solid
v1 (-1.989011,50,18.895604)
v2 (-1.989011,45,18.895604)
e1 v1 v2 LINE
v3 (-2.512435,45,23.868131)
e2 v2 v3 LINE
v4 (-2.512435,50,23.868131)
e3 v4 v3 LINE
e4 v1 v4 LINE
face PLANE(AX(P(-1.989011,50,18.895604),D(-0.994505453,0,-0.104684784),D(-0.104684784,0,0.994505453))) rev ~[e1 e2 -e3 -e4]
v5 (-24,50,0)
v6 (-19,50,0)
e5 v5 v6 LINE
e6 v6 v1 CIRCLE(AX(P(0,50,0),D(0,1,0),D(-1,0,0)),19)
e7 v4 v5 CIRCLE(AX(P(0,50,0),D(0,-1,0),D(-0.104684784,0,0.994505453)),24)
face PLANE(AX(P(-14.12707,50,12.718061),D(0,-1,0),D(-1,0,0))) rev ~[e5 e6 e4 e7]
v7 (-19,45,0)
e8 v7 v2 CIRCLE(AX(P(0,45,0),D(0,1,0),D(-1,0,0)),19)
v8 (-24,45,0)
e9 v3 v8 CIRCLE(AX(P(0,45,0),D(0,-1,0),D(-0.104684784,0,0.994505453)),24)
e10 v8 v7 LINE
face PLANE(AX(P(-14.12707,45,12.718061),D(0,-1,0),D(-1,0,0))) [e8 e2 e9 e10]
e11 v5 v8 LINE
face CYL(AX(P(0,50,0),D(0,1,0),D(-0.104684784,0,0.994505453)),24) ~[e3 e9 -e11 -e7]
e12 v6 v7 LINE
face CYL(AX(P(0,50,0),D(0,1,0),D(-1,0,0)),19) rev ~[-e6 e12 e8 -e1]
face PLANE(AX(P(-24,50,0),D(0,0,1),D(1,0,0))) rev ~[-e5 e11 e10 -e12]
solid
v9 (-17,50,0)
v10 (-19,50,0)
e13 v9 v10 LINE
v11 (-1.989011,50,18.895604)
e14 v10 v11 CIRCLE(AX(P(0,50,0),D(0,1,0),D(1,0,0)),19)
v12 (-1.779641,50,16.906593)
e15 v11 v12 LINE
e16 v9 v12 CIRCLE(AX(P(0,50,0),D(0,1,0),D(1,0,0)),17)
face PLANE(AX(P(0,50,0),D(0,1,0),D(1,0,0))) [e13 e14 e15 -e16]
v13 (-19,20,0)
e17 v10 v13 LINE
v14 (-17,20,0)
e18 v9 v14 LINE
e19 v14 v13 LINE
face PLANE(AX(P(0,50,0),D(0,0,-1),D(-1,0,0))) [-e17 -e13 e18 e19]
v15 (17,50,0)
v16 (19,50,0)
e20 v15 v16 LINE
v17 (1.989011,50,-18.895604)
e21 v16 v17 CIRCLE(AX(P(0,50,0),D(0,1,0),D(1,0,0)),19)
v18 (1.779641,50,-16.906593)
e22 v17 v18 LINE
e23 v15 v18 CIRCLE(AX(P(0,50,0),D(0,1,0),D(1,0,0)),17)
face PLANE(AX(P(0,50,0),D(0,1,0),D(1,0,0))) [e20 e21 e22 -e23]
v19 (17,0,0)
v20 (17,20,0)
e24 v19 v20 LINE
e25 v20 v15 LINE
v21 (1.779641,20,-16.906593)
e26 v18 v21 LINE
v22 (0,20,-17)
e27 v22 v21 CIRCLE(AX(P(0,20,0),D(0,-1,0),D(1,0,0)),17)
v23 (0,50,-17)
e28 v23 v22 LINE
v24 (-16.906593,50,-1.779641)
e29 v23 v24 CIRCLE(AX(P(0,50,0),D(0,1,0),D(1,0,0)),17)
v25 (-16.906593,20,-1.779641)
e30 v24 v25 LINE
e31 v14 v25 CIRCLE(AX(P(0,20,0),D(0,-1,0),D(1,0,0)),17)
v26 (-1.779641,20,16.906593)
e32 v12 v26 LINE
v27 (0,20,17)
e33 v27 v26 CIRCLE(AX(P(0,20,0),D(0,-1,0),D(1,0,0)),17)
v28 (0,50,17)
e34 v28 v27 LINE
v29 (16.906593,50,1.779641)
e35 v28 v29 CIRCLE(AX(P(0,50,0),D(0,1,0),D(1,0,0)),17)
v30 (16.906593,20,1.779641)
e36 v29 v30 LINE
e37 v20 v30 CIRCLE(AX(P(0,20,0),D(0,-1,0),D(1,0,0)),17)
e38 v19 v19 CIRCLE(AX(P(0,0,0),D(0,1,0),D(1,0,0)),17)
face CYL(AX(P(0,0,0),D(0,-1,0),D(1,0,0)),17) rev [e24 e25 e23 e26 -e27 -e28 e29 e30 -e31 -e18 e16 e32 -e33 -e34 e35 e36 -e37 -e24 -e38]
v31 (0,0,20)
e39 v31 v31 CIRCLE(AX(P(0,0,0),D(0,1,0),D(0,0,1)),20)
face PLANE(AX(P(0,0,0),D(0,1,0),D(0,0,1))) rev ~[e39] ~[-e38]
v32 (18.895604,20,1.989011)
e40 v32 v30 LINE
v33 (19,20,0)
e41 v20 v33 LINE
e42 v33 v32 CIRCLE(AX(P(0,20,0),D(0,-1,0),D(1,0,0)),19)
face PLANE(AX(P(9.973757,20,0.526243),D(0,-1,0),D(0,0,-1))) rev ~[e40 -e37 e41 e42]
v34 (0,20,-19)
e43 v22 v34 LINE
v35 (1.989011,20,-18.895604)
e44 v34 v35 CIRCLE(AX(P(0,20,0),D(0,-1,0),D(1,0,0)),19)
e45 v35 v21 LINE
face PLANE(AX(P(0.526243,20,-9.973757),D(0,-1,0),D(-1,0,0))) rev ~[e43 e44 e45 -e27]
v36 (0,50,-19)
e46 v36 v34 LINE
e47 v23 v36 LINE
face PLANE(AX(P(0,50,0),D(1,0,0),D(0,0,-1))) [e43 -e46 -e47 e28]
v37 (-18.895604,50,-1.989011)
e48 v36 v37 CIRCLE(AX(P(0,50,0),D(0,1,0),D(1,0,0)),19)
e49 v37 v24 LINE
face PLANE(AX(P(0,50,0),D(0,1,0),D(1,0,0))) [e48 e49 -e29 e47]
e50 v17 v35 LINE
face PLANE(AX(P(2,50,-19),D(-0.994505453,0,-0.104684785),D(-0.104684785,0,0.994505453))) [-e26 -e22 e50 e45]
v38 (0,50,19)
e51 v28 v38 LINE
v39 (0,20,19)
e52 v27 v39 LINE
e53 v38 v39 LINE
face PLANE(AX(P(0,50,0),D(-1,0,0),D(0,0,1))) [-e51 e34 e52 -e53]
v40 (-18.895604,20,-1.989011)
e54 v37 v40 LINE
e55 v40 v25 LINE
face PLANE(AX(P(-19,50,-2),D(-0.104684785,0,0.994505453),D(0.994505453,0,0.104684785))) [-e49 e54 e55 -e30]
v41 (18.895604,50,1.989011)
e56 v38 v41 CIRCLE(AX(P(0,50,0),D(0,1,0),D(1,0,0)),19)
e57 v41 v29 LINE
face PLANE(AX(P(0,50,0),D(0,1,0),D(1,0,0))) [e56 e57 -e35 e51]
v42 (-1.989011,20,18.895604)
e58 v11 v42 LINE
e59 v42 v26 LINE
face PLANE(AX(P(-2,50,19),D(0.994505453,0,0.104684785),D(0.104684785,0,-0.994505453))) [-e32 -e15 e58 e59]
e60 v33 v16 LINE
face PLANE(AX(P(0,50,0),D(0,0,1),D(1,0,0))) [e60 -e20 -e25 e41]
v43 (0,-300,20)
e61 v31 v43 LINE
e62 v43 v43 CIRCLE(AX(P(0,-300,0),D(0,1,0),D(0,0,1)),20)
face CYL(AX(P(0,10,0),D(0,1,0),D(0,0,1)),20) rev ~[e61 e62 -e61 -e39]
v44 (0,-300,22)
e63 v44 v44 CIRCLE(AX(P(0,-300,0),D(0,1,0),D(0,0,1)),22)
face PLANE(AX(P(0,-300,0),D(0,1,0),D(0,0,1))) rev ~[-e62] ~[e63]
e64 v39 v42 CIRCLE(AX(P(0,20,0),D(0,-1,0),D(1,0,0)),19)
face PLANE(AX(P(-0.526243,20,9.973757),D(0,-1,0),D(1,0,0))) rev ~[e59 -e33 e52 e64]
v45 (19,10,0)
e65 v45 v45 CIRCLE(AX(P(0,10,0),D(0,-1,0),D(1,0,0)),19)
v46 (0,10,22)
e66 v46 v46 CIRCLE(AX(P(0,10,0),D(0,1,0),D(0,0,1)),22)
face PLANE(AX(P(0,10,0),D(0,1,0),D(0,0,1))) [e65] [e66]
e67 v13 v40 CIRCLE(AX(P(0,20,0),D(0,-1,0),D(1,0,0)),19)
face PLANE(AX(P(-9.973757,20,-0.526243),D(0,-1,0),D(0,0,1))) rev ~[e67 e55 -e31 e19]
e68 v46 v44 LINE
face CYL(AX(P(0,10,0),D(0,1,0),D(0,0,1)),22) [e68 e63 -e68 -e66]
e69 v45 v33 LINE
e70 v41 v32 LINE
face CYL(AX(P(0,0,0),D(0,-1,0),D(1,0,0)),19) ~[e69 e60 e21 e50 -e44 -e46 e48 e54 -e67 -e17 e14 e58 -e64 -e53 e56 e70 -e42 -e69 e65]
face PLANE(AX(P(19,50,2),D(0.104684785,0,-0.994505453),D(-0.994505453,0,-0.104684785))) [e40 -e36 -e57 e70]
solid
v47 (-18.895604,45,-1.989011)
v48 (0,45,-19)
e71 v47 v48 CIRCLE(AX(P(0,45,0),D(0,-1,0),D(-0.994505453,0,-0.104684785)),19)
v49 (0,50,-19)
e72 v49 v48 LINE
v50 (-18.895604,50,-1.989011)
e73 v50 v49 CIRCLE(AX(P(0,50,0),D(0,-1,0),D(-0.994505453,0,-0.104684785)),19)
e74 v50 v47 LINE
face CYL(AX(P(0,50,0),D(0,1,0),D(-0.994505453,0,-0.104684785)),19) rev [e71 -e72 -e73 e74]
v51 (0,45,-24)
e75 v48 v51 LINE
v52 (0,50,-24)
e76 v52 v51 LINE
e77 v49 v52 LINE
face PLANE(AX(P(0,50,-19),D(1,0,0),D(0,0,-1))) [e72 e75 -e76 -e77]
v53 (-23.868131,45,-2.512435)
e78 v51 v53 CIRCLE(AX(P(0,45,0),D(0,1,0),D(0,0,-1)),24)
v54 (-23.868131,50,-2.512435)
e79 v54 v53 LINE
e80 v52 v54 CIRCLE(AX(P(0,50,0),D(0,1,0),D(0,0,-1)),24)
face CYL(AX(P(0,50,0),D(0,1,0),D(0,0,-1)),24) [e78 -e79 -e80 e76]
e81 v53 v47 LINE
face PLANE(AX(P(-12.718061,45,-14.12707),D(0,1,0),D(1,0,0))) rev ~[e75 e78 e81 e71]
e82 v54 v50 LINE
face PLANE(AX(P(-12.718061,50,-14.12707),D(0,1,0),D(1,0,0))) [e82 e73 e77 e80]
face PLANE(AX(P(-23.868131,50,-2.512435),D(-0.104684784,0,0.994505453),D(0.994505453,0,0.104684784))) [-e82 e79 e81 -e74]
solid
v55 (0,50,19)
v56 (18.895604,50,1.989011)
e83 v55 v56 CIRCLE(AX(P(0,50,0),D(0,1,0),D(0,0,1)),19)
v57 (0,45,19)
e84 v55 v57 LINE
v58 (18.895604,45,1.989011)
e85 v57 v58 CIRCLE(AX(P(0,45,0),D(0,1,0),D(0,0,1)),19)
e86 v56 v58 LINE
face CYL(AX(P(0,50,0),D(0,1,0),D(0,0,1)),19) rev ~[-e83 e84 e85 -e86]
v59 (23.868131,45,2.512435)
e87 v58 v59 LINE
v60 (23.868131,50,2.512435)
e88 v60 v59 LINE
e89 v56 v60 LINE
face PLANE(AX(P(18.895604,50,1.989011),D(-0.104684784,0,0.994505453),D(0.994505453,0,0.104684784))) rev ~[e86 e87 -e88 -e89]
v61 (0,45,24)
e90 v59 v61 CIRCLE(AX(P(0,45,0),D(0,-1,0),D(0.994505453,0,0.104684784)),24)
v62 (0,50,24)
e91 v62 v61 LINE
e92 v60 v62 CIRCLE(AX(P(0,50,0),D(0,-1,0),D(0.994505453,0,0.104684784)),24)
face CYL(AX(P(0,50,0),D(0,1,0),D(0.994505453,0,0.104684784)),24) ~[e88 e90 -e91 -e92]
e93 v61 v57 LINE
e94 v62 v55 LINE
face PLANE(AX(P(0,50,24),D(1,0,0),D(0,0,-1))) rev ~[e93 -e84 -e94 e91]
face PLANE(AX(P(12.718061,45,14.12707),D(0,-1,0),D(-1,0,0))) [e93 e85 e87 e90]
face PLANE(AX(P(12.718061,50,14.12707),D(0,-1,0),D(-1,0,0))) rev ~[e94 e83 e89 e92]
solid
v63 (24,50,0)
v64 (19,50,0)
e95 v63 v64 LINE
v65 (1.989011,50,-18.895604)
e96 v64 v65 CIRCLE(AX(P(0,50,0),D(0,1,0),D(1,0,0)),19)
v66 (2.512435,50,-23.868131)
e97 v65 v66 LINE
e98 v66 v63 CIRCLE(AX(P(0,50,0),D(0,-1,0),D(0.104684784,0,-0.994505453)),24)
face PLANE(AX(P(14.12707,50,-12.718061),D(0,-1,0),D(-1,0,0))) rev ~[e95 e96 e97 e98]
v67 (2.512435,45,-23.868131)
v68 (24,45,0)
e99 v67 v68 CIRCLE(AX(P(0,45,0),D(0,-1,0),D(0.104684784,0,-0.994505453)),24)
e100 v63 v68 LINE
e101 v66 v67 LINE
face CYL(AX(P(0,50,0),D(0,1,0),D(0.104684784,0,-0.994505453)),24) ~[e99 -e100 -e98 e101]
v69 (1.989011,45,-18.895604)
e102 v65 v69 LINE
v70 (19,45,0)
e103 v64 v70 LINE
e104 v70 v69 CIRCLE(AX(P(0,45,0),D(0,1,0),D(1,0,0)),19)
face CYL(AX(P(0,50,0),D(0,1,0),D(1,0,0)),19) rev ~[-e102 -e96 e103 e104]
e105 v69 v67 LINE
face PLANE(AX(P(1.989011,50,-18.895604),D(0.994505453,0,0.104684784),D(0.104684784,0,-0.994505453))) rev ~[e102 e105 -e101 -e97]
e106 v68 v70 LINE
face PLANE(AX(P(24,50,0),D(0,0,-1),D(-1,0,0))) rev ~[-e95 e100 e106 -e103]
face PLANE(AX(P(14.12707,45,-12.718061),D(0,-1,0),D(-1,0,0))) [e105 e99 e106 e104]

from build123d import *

# Parameters (mm, degrees)
SKETCH_1_R               = 19
SKETCH_1_R_2             = 17
EXTRUDE_1_DEPTH          = 50
CUT_EXTRUDE_1_DEPTH      = 30
PATTERN_CIRCULAR_1_COUNT = 4
EXTRUDE_1_2_DEPTH        = 5
EXTRUDE_1_2_2_DEPTH      = 5
EXTRUDE_1_2_3_DEPTH      = 5
EXTRUDE_1_2_4_DEPTH      = 5
SKETCH_6_R               = 22
SKETCH_6_R_2             = 20
EXTRUDE_3_DEPTH          = 310
EXTRUDE_START            = -10
SKETCH_7_R               = 20
SKETCH_7_R_2             = 19
EXTRUDE_4_DEPTH          = 10


with BuildPart() as part:
    # 草图1 → Extrude 1 (new body)
    with BuildSketch(Plane(origin=(0, 0, 0), x_dir=(1, 0, 0), z_dir=(0, 1, 0))):
        Circle(SKETCH_1_R)
        Circle(SKETCH_1_R_2, mode=Mode.SUBTRACT)
    extrude(amount=EXTRUDE_1_DEPTH)

    # 草图3 → 切除-拉伸1 (cut)
    with BuildSketch(Plane(origin=(0, 50, 0), x_dir=(1, 0, 0), z_dir=(0, 1, 0))):
        Polygon((0, 0), (0, 19), (2, 19), align=None)
    cut_extrude_1 = extrude(amount=-CUT_EXTRUDE_1_DEPTH, mode=Mode.SUBTRACT)

    # 阵列(圆周)1: 切除-拉伸1 ×4 about axis
    pattern_circular_1_axis = Axis((0, 50, 0), (0, -1, 0))
    for i in range(1, PATTERN_CIRCULAR_1_COUNT):
        add(cut_extrude_1.rotate(pattern_circular_1_axis, i * 360 / PATTERN_CIRCULAR_1_COUNT), mode=Mode.SUBTRACT)



with BuildPart() as body_2:
    # 草图4 → Extrude 1 2 (new body)
    with BuildSketch(Plane(origin=(0, 50, 0), x_dir=(1, 0, 0), z_dir=(0, 1, 0))):
        with BuildLine():
            Line((0, 19), (0, 24))
            ThreePointArc((0, 24), (-16.057732781, 17.836737873), (-23.86813087, 2.512434828))
            Line((-23.86813087, 2.512434828), (-18.895603606, 1.989010906))
            ThreePointArc((-18.895603606, 1.989010906), (-12.712371785, 14.120750816), (0, 19))
        make_face()
    extrude(amount=-EXTRUDE_1_2_DEPTH)


with BuildPart() as body_3:
    # 草图4 → Extrude 1 2 2 (new body)
    with BuildSketch(Plane(origin=(0, 50, 0), x_dir=(1, 0, 0), z_dir=(0, 1, 0))):
        with BuildLine():
            Line((1.989010906, 18.895603606), (2.512434828, 23.86813087))
            ThreePointArc((2.512434828, 23.86813087), (17.836737873, 16.057732781), (24, 0))
            Line((24, 0), (19, 0))
            ThreePointArc((19, 0), (14.120750816, 12.712371785), (1.989010906, 18.895603606))
        make_face()
    extrude(amount=-EXTRUDE_1_2_2_DEPTH)


with BuildPart() as body_4:
    # 草图4 → Extrude 1 2 3 (new body)
    with BuildSketch(Plane(origin=(0, 50, 0), x_dir=(1, 0, 0), z_dir=(0, 1, 0))):
        with BuildLine():
            Line((18.895603606, -1.989010906), (23.86813087, -2.512434828))
            ThreePointArc((23.86813087, -2.512434828), (16.057732781, -17.836737873), (0, -24))
            Line((0, -24), (0, -19))
            ThreePointArc((0, -19), (12.712371785, -14.120750816), (18.895603606, -1.989010906))
        make_face()
    extrude(amount=-EXTRUDE_1_2_3_DEPTH)


with BuildPart() as body_5:
    # 草图4 → Extrude 1 2 4 (new body)
    with BuildSketch(Plane(origin=(0, 50, 0), x_dir=(1, 0, 0), z_dir=(0, 1, 0))):
        with BuildLine():
            Line((-1.989010906, -18.895603606), (-2.512434828, -23.86813087))
            ThreePointArc((-2.512434828, -23.86813087), (-17.836737873, -16.057732781), (-24, 0))
            Line((-24, 0), (-19, 0))
            ThreePointArc((-19, 0), (-14.120750816, -12.712371785), (-1.989010906, -18.895603606))
        make_face()
    extrude(amount=-EXTRUDE_1_2_4_DEPTH)


with BuildPart() as body_6:
    # 草图6 → 凸台-拉伸3 (new body)
    with BuildSketch(Plane(origin=(0, 10, 0), x_dir=(1, 0, 0), z_dir=(0, 1, 0))):
        with Locations(Location((0, 0, 0), (0, 0, 270))):
            Circle(SKETCH_6_R)
        with Locations(Location((0, 0, 0), (0, 0, 270))):
            Circle(SKETCH_6_R_2, mode=Mode.SUBTRACT)
    extrude(amount=-EXTRUDE_3_DEPTH)


with BuildPart() as part_1:
    add(part.part)

    add(body_6.part)  # 凸台-拉伸4 merges body 6
    # 草图7 → 凸台-拉伸4 (add)
    with BuildSketch(Plane(origin=(0, 10, 0), x_dir=(1, 0, 0), z_dir=(0, 1, 0)).offset(EXTRUDE_START)):
        with Locations(Location((0, 0, 0), (0, 0, 270))):
            Circle(SKETCH_7_R)
        with Locations(Location((0, 0, 0), (0, 0, 270))):
            Circle(SKETCH_7_R_2, mode=Mode.SUBTRACT)
    extrude(amount=EXTRUDE_4_DEPTH)


solid = Compound([body_2.part, body_3.part, body_4.part, body_5.part, part_1.part])
